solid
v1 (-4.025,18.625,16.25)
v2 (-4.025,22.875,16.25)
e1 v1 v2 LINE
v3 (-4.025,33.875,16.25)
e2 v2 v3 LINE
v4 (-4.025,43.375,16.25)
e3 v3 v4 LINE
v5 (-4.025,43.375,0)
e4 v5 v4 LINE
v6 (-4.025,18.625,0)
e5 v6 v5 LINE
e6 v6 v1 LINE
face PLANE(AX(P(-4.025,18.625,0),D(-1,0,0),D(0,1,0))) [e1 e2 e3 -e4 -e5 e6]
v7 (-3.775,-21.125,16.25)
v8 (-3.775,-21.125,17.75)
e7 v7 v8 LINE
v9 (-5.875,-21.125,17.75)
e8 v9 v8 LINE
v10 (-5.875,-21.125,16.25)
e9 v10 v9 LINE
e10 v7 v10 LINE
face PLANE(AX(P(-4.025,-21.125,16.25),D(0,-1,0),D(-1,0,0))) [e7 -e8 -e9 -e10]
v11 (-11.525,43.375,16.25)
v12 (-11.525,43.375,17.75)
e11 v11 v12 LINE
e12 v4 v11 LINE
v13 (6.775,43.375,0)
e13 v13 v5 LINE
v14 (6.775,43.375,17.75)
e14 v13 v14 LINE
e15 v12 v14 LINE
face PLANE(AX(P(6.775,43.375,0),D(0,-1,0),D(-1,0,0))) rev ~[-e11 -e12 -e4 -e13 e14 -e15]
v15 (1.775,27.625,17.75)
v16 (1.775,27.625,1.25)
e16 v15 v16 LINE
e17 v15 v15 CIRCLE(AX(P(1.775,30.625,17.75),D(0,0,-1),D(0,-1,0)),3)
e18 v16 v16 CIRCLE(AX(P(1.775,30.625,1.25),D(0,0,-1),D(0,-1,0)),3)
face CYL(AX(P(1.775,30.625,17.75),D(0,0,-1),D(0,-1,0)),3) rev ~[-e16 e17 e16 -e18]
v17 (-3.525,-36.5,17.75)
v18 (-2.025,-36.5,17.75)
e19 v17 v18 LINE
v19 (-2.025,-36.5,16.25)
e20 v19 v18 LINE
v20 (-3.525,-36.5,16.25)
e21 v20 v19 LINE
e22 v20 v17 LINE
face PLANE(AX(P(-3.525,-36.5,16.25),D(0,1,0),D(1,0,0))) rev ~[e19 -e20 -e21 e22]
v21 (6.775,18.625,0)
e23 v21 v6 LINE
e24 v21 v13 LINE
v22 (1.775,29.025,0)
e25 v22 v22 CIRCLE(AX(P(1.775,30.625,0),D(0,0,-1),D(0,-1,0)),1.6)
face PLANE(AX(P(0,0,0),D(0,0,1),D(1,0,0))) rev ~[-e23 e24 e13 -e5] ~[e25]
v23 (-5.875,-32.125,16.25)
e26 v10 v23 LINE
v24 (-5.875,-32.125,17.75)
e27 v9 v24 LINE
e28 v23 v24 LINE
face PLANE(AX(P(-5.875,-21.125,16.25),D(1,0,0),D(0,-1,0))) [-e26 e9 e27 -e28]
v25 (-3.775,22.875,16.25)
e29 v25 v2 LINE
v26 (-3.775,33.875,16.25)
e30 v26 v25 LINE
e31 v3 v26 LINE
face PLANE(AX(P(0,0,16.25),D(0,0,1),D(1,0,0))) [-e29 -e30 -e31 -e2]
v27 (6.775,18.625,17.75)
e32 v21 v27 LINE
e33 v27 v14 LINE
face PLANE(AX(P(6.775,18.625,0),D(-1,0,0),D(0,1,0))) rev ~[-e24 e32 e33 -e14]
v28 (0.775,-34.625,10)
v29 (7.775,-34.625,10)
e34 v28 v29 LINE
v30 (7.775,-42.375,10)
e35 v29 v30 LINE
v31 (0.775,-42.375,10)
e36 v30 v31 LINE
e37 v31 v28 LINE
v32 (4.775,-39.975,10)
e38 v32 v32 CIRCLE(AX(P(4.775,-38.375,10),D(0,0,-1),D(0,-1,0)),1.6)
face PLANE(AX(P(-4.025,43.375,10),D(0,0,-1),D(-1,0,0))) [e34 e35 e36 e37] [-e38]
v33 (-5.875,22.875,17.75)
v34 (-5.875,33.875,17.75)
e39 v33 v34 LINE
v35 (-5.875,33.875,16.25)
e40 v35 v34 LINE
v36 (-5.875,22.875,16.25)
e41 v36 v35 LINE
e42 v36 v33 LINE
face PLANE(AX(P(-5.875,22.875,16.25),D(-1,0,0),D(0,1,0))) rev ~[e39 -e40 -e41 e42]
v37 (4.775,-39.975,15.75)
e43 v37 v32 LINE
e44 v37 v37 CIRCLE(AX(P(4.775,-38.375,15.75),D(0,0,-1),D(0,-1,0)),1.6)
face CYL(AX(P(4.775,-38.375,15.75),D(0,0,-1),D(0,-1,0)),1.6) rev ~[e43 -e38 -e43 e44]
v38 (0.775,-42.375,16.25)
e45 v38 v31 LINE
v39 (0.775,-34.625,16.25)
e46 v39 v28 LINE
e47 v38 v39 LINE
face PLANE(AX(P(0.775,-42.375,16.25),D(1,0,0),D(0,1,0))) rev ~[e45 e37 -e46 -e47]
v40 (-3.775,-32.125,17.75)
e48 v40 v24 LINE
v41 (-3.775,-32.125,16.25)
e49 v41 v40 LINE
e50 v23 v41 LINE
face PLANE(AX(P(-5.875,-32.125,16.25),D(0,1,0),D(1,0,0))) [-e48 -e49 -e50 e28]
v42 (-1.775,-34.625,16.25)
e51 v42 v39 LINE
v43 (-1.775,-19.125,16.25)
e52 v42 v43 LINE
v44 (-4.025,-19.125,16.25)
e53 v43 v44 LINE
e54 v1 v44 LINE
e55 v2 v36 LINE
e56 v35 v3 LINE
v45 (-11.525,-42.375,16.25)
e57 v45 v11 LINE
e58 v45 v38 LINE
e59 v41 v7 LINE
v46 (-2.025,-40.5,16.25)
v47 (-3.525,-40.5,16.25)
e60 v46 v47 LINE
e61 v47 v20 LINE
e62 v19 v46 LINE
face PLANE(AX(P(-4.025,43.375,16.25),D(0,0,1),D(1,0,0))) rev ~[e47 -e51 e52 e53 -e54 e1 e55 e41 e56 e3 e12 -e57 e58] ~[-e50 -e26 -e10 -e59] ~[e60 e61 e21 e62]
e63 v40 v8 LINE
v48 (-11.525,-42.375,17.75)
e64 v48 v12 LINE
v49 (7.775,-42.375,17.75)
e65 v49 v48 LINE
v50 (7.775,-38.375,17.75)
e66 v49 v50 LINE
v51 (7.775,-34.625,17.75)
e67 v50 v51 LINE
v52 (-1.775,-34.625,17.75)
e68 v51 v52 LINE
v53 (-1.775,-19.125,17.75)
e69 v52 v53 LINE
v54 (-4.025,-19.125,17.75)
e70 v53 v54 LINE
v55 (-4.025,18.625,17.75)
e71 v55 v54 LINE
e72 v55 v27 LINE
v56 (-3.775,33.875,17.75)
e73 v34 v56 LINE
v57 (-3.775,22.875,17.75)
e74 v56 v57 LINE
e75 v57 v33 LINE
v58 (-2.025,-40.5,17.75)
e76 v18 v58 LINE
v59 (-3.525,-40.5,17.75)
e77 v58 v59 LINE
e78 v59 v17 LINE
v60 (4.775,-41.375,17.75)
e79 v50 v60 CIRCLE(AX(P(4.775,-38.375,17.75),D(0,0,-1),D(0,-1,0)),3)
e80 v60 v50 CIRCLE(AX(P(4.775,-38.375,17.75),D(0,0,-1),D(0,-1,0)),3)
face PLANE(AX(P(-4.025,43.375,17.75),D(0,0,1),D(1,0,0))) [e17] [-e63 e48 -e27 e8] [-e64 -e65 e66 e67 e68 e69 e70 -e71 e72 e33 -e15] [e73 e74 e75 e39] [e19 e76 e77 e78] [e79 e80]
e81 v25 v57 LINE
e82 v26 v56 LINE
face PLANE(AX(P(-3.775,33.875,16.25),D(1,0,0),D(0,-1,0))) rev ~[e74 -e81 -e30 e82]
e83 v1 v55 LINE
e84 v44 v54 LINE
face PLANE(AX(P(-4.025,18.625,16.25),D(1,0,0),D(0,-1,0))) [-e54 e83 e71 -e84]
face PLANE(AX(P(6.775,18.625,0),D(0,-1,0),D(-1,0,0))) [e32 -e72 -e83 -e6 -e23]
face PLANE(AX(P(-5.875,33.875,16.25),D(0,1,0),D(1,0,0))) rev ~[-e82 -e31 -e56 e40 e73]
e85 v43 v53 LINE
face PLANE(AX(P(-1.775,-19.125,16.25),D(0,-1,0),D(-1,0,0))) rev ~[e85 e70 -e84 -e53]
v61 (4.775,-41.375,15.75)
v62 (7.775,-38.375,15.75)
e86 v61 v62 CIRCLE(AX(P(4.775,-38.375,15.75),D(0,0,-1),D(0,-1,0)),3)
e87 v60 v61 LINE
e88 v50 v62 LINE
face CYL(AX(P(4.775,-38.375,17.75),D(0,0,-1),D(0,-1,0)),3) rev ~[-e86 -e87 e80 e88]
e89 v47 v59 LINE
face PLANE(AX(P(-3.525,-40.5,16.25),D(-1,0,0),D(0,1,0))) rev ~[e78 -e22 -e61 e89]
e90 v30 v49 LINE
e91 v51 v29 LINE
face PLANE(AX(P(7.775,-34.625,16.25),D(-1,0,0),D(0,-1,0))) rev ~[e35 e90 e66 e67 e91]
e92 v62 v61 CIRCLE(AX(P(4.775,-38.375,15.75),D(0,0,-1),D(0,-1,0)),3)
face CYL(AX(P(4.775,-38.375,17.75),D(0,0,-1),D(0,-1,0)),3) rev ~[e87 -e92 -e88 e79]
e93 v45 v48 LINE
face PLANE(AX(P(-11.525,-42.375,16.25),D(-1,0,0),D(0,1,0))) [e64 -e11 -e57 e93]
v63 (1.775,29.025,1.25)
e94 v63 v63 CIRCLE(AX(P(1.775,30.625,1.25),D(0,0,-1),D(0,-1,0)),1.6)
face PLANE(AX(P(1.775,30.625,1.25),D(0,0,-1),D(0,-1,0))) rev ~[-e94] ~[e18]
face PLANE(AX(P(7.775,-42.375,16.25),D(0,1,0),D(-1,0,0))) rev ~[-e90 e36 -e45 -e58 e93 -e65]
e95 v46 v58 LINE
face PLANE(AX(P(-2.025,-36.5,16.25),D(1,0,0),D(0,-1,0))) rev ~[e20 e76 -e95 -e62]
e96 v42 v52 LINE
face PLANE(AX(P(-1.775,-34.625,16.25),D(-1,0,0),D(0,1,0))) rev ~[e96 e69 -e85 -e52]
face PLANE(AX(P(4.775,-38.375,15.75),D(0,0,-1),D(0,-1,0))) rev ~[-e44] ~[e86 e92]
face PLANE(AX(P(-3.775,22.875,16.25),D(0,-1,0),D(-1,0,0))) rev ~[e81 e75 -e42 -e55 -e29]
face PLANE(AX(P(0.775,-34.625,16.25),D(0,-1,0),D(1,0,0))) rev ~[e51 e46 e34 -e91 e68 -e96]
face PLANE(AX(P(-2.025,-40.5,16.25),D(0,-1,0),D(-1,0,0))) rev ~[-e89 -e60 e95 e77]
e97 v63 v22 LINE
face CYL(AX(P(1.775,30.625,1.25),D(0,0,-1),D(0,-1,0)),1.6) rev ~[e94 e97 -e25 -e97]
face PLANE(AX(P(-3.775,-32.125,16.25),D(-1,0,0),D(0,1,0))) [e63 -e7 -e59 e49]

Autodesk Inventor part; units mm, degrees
ref_plane "Work Plane1" through (0, 0, 0) normal (0, 0, 1) x (1, 0, 0)
sketch "Sketch1" plane through (0, 0, 0) normal (0, 0, 1) x (1, 0, 0)
  line L0 (7.775, 18.625) -> (-4.025, 18.625) projected
  line L1 (-4.025, 43.875) -> (7.775, 43.875) projected
  line L2 (-4.025, 18.625) -> (-4.025, 43.875) projected
  line L3 (7.775, 23.875) -> (7.775, -22.625) projected
  line L4 (-4.025, 18.625) -> (6.775, 18.625)
  line L5 (6.775, 18.625) -> (6.775, 43.375)
  line L6 (6.775, 43.375) -> (-4.025, 43.375)
  line L7 (-4.025, 43.375) -> (-4.025, 18.625)
  circle A0 centre (1.775, 30.625) radius 1.3 projected
  line L8 (7.775, -34.625) -> (2.775, -34.625) projected
  line L9 (2.775, -34.625) -> (2.775, -42.625) projected
  line L10 (7.775, -42.625) -> (2.775, -42.625) projected
  line L11 (5.275, -34.625) -> (-1.225, -34.625)
  line L12 (-1.225, -34.625) -> (-1.225, -42.125)
  line L13 (-1.225, -42.125) -> (5.275, -42.125)
  line L14 (5.275, -42.125) -> (5.275, -34.625)
  circle A1 centre (4.775, -38.375) radius 1.3 projected
  line L15 (7.775, 18.625) -> (7.775, 43.875) projected
  line L16 (7.775, -42.625) -> (7.775, -34.625) projected
  point P0 (0, 0)
  point P1 (-4.025, 43.375)
  dimension "d0" = 0.5
  dimension "d1" = 1
  dimension "d30" = 0.5
  dimension "d31" = 6.5
ref_plane "Work Plane2" through (-11.525, -42.375, 16.25) normal (0, 0, 1) x (1, 0, 0)
extrude "Extrusion1" add sketch "Sketch1" along normal up to surface (16.25 mm away) contours L0 L2 L6 L5
sketch "Sketch2" plane through (-4.025, 43.375, 16.25) normal (0, 0, 1) x (1, 0, 0)
  line L0 (-7.5, -85.75) -> (-7.5, 0)
  line L1 (-7.5, 0) -> (10.8, 0)
  line L2 (10.8, -24.75) -> (10.8, 0) projected
  line L3 (10.8, 0) -> (10.8, -24.75)
  line L4 (0, -24.75) -> (10.8, -24.75) projected
  line L5 (10.8, -24.75) -> (0, -24.75)
  line L6 (0, -24.75) -> (0, -64.5)
  line L7 (0, -64.5) -> (-1.85, -64.5)
  line L8 (-1.85, -64.5) -> (-1.85, -75.5)
  line L9 (-1.85, -75.5) -> (0, -75.5)
  line L10 (-7.5, -85.75) -> (6.5, -85.75) projected
  line L11 (-7.5, 0.25) -> (-7.5, -85.75) projected
  line L12 (0, -64.75) -> (0, -75.25) projected
  line L13 (0, -64.75) -> (-1.6, -64.75) projected
  line L14 (-1.6, -75.25) -> (-1.6, -64.75) projected
  line L15 (0, -75.25) -> (-1.6, -75.25) projected
  line L16 (0, -9.75) -> (0, -20.25) projected
  line L17 (0, -9.75) -> (-1.6, -9.75) projected
  line L18 (-1.6, -20.25) -> (-1.6, -9.75) projected
  line L19 (0, -20.25) -> (-1.6, -20.25) projected
  line L20 (-1.85, -9.5) -> (0.25, -9.5)
  line L21 (0.25, -9.5) -> (0.25, -20.5)
  line L22 (0.25, -20.5) -> (-1.85, -20.5)
  line L23 (-1.85, -20.5) -> (-1.85, -9.5)
  line L24 (0, 0) -> (10.8, 0) projected
  line L25 (11.8, -78) -> (6.8, -78) projected
  line L26 (6.8, -78) -> (6.8, -86) projected
  line L27 (11.8, -86) -> (6.8, -86) projected
  line L28 (11.8, -217.75) -> (11.8, 42.25)
  line L29 (11.8, -85.75) -> (11.8, -78)
  line L30 (11.8, -78) -> (0, -78)
  line L31 (0, -78) -> (0, -75.5)
  line L32 (-7.5, -85.75) -> (11.8, -85.75)
  line L33 (0.5, -83.875) -> (0.5, -79.875)
  line L34 (0.5, -79.875) -> (2, -79.875)
  line L35 (2, -79.875) -> (2, -83.875)
  line L36 (2, -83.875) -> (0.5, -83.875)
  line L37 (0, -75.5) -> (0.25, -75.5)
  line L38 (0.25, -75.5) -> (0.25, -64.5)
  line L39 (0.25, -64.5) -> (0, -64.5)
  line L40 (2.25, -78) -> (2.25, -62.5)
  line L41 (2.25, -62.5) -> (0, -62.5)
  circle A0 centre (8.8, -81.75) radius 1.3 projected
  line L42 (11.8, -86) -> (11.8, -78) projected
  point P0 (4.025, -43.375)
  point P1 (-7.5, -85.75)
  point P2 (6.5, -85.75)
  point P3 (6.8, -85.75)
  dimension "d4" = 0.25
  dimension "d5" = 0.25
  dimension "d6" = 0.25
  dimension "d7" = 0.25
  dimension "d22" = 4
  dimension "d23" = 1.875
  dimension "d24" = 1.5
  dimension "d25" = 8
  dimension "d44" = 0.25
  dimension "d45" = 2
  dimension "d46" = 2
ref_plane "Work Plane3" through (-12.525, -42.875, 17.75) normal (0, 0, 1) x (1, 0, 0)
ref_plane "Work Plane4" through (-11.525, 43.375, 17.75) normal (0, 0, 1) x (1, 0, 0)
ref_plane "Work Plane5" through (-12.525, -42.875, 17.75) normal (0, 0, 1) x (1, 0, 0)
extrude "Extrusion3" add sketch "Sketch2" along normal up to surface (1.5 mm away) contours L0 L1 L2 L4 L6 L7 L8 L9 L31 L30 L26 L32 L10 | L26 L25 L28 L32 | L30 L31 L37 L38 L39 L6 L41 L40 | A0
sketch "Sketch3" plane through (-11.525, 43.375, 17.75) normal (0, 0, 1) x (1, 0, 0)
  line L0 (18.3, 0) -> (18.3, -24.75) projected
  line L1 (18.3, -24.75) -> (7.5, -24.75) projected
  line L2 (14.3, -78) -> (14.3, -86) projected
  line L3 (9.75, -78) -> (19.3, -78) projected
  point P0 (11.525, -43.375)
  point P1 (13.3, -12.75)
  point P2 (7.5, -78)
  dimension "d13" = 5
  dimension "d14" = 12
hole "Hole1" at (1.775, 30.625, 17.75) direction (0, 0, -1) diameter 3.2 end through all counterbore diameter 6 counterbore depth 16.5
sketch "Sketch4" plane through (-4.025, 43.375, 16.25) normal (0, 0, -1) x (-1, 0, 0)
  line L0 (-2.25, -78) -> (-11.8, -78) projected
  line L1 (-11.8, -78) -> (-11.8, -85.75) projected
  line L2 (-4.8, -78) -> (-11.8, -78)
  line L3 (-11.8, -78) -> (-11.8, -85.75)
  line L4 (-11.8, -85.75) -> (-4.8, -85.75)
  line L5 (-4.8, -85.75) -> (-4.8, -78)
  point P0 (-4.025, -43.375)
  point P1 (0, -78)
  dimension "d32" = 7
ref_plane "Work Plane6" through (2.775, -42.625, 10) normal (0, 0, 1) x (1, 0, 0)
extrude "Extrusion4" add sketch "Sketch4" along normal up to surface (6.25 mm away)
sketch "Sketch5" plane through (-11.525, -42.375, 17.75) normal (0, 0, 1) x (1, 0, 0)
  line L0 (19.3, 7.75) -> (19.3, 0) projected
  line L1 (9.75, 7.75) -> (19.3, 7.75) projected
  point P0 (11.525, 42.375)
  point P1 (16.3, 4)
  point P2 (7.5, 7.75)
  dimension "d35" = 3
  dimension "d36" = 3.75
hole "Hole2" at (4.775, -38.375, 17.75) direction (0, 0, -1) diameter 3.2 end through all counterbore diameter 6 counterbore depth 2
properties part number "Display_Cover"
